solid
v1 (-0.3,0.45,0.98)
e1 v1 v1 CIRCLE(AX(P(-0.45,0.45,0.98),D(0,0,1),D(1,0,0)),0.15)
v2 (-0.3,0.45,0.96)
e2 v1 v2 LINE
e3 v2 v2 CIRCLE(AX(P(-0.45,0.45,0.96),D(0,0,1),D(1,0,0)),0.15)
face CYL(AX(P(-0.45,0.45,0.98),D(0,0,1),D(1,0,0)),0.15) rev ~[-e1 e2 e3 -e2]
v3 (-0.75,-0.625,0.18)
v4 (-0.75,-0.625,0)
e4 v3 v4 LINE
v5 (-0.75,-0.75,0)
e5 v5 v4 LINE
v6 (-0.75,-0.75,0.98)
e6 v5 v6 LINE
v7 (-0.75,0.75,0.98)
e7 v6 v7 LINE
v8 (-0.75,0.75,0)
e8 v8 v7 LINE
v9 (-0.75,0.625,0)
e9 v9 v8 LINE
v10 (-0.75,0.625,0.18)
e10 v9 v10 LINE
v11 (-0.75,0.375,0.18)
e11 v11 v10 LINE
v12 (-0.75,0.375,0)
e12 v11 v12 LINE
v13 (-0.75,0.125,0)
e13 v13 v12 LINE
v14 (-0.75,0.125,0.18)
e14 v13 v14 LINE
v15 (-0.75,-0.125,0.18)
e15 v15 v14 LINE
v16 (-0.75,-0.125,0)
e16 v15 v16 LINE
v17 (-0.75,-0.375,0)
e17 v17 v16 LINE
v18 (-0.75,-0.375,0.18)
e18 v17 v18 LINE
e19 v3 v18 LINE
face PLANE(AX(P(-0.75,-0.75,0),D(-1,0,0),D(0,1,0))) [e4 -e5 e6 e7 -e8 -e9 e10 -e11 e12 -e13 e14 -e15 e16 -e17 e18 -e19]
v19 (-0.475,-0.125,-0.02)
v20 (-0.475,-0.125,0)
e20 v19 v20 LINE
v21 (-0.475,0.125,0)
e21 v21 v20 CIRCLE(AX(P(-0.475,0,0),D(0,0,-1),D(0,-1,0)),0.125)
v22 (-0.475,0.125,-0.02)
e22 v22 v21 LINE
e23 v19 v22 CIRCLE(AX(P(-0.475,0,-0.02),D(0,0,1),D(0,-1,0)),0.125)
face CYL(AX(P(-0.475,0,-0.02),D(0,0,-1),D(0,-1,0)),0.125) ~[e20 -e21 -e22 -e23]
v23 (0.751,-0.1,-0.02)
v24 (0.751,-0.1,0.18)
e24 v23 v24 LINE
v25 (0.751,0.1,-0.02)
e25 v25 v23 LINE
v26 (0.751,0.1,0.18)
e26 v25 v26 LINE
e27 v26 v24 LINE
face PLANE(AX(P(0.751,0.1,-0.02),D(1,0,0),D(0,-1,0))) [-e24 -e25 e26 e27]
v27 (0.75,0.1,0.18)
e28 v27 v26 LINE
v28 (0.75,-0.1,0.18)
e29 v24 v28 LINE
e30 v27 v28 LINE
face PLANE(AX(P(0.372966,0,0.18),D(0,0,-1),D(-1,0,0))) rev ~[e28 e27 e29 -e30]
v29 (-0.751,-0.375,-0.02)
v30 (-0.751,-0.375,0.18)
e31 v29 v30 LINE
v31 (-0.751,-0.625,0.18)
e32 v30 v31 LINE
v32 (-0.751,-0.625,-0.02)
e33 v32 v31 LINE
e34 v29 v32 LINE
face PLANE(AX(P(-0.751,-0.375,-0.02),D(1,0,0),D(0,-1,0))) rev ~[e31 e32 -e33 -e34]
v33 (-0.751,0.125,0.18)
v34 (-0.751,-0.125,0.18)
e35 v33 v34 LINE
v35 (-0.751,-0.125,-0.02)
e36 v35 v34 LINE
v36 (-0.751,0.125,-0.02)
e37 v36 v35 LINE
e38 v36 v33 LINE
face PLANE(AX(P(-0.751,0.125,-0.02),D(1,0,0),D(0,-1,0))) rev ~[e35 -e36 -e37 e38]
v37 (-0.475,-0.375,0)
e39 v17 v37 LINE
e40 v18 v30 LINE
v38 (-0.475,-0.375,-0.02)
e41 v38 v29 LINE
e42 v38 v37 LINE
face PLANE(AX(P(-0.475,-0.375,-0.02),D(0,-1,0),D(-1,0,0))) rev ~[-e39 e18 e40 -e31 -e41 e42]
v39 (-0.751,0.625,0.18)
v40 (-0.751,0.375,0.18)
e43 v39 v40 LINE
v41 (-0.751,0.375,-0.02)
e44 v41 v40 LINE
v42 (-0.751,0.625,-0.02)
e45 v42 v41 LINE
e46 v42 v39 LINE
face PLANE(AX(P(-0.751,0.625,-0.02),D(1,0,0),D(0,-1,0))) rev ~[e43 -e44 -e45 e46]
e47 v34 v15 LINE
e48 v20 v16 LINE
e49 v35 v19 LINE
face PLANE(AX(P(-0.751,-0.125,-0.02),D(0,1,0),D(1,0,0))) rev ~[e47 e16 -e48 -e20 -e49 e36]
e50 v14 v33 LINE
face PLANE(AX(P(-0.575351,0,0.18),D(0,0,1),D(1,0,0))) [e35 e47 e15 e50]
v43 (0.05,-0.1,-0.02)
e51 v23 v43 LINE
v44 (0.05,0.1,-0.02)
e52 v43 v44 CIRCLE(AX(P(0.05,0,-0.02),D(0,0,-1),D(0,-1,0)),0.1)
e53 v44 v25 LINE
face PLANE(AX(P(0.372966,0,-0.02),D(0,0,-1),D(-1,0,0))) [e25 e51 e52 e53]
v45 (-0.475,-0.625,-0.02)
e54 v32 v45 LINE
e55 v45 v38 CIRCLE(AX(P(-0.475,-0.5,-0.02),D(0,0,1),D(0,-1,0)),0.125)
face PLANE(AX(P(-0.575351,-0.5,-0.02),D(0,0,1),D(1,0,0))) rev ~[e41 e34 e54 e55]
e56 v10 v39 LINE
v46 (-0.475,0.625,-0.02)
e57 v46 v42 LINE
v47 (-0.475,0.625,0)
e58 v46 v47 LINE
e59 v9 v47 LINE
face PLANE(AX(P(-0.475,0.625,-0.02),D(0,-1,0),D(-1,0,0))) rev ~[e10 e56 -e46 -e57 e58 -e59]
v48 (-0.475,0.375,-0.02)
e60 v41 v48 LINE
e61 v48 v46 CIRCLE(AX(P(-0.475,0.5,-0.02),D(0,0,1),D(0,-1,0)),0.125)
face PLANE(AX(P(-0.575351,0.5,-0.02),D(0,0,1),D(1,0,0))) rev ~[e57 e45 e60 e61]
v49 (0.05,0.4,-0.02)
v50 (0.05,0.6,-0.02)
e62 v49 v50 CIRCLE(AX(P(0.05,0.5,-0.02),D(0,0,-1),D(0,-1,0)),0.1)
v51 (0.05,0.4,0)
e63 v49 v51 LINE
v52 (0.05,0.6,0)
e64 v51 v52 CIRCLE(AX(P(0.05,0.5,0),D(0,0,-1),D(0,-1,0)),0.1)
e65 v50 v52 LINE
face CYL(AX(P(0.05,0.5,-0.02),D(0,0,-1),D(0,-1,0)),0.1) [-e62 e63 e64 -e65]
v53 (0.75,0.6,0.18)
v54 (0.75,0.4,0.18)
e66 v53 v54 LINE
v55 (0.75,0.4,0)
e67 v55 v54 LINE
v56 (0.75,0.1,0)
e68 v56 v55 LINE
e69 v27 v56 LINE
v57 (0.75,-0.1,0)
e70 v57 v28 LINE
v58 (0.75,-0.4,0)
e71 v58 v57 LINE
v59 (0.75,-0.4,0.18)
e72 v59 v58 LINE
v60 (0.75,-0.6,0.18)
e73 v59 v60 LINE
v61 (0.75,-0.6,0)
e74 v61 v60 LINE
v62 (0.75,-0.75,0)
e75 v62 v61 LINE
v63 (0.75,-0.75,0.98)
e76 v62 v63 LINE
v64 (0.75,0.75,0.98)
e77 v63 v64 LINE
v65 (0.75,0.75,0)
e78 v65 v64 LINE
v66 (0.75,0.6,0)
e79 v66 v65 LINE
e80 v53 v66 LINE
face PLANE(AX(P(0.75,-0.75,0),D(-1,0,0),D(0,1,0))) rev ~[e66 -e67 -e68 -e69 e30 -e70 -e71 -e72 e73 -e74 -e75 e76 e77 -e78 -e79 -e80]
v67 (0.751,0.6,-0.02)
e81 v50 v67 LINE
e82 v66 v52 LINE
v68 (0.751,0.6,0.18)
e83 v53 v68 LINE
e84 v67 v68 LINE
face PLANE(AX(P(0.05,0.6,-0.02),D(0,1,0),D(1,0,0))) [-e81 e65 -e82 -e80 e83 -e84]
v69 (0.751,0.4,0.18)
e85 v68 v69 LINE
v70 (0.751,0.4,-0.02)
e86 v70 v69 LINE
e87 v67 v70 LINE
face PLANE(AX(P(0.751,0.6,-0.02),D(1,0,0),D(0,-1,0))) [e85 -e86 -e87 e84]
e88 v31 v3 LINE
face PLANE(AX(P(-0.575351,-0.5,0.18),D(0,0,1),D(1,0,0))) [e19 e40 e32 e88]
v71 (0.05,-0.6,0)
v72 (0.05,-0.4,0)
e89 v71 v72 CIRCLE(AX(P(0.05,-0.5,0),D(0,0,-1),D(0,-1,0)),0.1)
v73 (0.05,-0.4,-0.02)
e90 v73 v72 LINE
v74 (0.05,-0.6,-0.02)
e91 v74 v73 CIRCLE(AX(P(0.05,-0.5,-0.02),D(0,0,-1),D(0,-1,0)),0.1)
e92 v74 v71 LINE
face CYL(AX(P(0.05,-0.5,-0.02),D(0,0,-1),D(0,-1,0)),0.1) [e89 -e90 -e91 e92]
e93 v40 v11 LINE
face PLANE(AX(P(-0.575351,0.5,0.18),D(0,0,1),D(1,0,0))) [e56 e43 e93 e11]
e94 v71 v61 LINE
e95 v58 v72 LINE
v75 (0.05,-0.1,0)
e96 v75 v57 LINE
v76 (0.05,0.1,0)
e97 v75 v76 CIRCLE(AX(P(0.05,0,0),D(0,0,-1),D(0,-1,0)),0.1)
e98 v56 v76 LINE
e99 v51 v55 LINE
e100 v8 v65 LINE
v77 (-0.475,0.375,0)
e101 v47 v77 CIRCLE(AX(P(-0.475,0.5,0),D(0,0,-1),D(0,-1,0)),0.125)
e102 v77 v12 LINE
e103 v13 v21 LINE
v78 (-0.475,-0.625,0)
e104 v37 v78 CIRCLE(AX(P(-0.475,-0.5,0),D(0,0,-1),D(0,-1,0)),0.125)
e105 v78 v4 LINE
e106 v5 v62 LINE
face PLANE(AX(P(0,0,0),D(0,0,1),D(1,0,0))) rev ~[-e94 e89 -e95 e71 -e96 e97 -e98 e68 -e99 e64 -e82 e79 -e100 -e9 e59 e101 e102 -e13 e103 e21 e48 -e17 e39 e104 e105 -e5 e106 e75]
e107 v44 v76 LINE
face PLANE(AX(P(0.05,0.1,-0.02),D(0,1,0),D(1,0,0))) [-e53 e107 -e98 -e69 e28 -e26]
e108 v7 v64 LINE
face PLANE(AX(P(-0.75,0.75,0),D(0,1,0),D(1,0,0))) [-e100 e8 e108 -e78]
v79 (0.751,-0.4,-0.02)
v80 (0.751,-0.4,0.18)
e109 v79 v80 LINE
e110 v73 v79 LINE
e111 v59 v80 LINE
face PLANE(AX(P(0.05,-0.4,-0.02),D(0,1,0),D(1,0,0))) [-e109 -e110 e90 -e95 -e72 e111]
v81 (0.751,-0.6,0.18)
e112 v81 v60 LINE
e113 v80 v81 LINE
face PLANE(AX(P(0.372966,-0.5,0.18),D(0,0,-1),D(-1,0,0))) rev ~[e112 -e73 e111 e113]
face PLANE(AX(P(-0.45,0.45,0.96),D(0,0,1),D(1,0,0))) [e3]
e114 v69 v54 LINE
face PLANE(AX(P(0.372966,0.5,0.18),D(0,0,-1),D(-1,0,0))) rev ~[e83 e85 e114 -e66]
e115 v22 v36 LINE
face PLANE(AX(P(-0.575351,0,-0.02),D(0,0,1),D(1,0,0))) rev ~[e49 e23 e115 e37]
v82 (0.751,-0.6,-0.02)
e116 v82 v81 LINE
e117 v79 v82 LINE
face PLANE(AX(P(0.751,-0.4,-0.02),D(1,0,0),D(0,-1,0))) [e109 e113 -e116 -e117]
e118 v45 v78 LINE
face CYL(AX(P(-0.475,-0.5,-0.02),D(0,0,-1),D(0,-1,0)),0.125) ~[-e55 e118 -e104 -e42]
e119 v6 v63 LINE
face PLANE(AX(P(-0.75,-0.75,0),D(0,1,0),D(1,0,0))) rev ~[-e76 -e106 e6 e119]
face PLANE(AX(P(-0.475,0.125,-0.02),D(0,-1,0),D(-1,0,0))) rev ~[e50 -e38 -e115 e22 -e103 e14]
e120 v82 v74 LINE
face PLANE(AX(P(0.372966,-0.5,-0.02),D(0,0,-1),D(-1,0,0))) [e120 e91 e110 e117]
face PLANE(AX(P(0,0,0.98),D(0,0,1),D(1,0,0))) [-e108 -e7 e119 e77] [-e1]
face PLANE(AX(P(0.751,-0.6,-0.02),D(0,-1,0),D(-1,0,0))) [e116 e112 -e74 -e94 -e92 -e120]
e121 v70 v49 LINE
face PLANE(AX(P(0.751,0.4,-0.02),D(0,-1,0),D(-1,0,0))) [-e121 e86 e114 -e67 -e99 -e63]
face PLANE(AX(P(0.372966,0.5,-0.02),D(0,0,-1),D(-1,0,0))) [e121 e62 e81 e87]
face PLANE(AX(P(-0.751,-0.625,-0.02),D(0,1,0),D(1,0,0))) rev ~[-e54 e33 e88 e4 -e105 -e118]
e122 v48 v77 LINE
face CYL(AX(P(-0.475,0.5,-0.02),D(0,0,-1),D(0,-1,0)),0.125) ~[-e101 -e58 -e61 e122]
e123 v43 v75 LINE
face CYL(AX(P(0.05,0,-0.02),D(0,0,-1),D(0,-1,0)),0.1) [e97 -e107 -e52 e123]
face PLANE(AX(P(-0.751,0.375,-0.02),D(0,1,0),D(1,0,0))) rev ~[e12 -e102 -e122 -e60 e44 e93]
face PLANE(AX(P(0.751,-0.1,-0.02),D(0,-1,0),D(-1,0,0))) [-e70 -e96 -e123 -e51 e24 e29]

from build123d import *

# Parameters (mm, degrees)
SKETCH1_W           = 1.5
SKETCH1_H           = 1.5
BOSS_EXTRUDE1_DEPTH = 0.98
SKETCH2_R           = 0.15
CUT_EXTRUDE1_DEPTH  = 0.02
BOSS_EXTRUDE2_DEPTH = 0.2


with BuildPart() as part:
    # Sketch1 → Boss-Extrude1 (new body)
    with BuildSketch(Plane.XY):
        Rectangle(SKETCH1_W, SKETCH1_H)
    extrude(amount=BOSS_EXTRUDE1_DEPTH)

    # Sketch2 → Cut-Extrude1 (cut)
    with BuildSketch(Plane.XY.offset(0.98)):
        with Locations((-0.45, 0.45)):
            Circle(SKETCH2_R)
    extrude(amount=-CUT_EXTRUDE1_DEPTH, mode=Mode.SUBTRACT)

    # Sketch3 → Boss-Extrude2 (add)
    with BuildSketch(Plane.XY.offset(-0.02)):
        with BuildLine():
            Line((-0.751, 0.625), (-0.751, 0.375))
            Line((-0.751, 0.375), (-0.475, 0.375))
            ThreePointArc((-0.475, 0.375), (-0.35, 0.5), (-0.475, 0.625))
            Line((-0.475, 0.625), (-0.751, 0.625))
        make_face()
        with BuildLine():
            Line((-0.751, -0.625), (-0.475, -0.625))
            ThreePointArc((-0.475, -0.625), (-0.35, -0.5), (-0.475, -0.375))
            Line((-0.475, -0.375), (-0.751, -0.375))
            Line((-0.751, -0.375), (-0.751, -0.625))
        make_face()
        with BuildLine():
            Line((-0.751, 0.125), (-0.751, -0.125))
            Line((-0.751, -0.125), (-0.475, -0.125))
            ThreePointArc((-0.475, -0.125), (-0.35, 0), (-0.475, 0.125))
            Line((-0.475, 0.125), (-0.751, 0.125))
        make_face()
        with BuildLine():
            Line((0.751, 0.6), (0.751, 0.4))
            Line((0.751, 0.4), (0.05, 0.4))
            ThreePointArc((0.05, 0.4), (-0.05, 0.5), (0.05, 0.6))
            Line((0.05, 0.6), (0.751, 0.6))
        make_face()
        with BuildLine():
            Line((0.751, -0.6), (0.05, -0.6))
            ThreePointArc((0.05, -0.6), (-0.05, -0.5), (0.05, -0.4))
            Line((0.05, -0.4), (0.751, -0.4))
            Line((0.751, -0.4), (0.751, -0.6))
        make_face()
        with BuildLine():
            Line((0.751, 0.1), (0.751, -0.1))
            Line((0.751, -0.1), (0.05, -0.1))
            ThreePointArc((0.05, -0.1), (-0.05, 0), (0.05, 0.1))
            Line((0.05, 0.1), (0.751, 0.1))
        make_face()
    extrude(amount=BOSS_EXTRUDE2_DEPTH)


solid = part.part
